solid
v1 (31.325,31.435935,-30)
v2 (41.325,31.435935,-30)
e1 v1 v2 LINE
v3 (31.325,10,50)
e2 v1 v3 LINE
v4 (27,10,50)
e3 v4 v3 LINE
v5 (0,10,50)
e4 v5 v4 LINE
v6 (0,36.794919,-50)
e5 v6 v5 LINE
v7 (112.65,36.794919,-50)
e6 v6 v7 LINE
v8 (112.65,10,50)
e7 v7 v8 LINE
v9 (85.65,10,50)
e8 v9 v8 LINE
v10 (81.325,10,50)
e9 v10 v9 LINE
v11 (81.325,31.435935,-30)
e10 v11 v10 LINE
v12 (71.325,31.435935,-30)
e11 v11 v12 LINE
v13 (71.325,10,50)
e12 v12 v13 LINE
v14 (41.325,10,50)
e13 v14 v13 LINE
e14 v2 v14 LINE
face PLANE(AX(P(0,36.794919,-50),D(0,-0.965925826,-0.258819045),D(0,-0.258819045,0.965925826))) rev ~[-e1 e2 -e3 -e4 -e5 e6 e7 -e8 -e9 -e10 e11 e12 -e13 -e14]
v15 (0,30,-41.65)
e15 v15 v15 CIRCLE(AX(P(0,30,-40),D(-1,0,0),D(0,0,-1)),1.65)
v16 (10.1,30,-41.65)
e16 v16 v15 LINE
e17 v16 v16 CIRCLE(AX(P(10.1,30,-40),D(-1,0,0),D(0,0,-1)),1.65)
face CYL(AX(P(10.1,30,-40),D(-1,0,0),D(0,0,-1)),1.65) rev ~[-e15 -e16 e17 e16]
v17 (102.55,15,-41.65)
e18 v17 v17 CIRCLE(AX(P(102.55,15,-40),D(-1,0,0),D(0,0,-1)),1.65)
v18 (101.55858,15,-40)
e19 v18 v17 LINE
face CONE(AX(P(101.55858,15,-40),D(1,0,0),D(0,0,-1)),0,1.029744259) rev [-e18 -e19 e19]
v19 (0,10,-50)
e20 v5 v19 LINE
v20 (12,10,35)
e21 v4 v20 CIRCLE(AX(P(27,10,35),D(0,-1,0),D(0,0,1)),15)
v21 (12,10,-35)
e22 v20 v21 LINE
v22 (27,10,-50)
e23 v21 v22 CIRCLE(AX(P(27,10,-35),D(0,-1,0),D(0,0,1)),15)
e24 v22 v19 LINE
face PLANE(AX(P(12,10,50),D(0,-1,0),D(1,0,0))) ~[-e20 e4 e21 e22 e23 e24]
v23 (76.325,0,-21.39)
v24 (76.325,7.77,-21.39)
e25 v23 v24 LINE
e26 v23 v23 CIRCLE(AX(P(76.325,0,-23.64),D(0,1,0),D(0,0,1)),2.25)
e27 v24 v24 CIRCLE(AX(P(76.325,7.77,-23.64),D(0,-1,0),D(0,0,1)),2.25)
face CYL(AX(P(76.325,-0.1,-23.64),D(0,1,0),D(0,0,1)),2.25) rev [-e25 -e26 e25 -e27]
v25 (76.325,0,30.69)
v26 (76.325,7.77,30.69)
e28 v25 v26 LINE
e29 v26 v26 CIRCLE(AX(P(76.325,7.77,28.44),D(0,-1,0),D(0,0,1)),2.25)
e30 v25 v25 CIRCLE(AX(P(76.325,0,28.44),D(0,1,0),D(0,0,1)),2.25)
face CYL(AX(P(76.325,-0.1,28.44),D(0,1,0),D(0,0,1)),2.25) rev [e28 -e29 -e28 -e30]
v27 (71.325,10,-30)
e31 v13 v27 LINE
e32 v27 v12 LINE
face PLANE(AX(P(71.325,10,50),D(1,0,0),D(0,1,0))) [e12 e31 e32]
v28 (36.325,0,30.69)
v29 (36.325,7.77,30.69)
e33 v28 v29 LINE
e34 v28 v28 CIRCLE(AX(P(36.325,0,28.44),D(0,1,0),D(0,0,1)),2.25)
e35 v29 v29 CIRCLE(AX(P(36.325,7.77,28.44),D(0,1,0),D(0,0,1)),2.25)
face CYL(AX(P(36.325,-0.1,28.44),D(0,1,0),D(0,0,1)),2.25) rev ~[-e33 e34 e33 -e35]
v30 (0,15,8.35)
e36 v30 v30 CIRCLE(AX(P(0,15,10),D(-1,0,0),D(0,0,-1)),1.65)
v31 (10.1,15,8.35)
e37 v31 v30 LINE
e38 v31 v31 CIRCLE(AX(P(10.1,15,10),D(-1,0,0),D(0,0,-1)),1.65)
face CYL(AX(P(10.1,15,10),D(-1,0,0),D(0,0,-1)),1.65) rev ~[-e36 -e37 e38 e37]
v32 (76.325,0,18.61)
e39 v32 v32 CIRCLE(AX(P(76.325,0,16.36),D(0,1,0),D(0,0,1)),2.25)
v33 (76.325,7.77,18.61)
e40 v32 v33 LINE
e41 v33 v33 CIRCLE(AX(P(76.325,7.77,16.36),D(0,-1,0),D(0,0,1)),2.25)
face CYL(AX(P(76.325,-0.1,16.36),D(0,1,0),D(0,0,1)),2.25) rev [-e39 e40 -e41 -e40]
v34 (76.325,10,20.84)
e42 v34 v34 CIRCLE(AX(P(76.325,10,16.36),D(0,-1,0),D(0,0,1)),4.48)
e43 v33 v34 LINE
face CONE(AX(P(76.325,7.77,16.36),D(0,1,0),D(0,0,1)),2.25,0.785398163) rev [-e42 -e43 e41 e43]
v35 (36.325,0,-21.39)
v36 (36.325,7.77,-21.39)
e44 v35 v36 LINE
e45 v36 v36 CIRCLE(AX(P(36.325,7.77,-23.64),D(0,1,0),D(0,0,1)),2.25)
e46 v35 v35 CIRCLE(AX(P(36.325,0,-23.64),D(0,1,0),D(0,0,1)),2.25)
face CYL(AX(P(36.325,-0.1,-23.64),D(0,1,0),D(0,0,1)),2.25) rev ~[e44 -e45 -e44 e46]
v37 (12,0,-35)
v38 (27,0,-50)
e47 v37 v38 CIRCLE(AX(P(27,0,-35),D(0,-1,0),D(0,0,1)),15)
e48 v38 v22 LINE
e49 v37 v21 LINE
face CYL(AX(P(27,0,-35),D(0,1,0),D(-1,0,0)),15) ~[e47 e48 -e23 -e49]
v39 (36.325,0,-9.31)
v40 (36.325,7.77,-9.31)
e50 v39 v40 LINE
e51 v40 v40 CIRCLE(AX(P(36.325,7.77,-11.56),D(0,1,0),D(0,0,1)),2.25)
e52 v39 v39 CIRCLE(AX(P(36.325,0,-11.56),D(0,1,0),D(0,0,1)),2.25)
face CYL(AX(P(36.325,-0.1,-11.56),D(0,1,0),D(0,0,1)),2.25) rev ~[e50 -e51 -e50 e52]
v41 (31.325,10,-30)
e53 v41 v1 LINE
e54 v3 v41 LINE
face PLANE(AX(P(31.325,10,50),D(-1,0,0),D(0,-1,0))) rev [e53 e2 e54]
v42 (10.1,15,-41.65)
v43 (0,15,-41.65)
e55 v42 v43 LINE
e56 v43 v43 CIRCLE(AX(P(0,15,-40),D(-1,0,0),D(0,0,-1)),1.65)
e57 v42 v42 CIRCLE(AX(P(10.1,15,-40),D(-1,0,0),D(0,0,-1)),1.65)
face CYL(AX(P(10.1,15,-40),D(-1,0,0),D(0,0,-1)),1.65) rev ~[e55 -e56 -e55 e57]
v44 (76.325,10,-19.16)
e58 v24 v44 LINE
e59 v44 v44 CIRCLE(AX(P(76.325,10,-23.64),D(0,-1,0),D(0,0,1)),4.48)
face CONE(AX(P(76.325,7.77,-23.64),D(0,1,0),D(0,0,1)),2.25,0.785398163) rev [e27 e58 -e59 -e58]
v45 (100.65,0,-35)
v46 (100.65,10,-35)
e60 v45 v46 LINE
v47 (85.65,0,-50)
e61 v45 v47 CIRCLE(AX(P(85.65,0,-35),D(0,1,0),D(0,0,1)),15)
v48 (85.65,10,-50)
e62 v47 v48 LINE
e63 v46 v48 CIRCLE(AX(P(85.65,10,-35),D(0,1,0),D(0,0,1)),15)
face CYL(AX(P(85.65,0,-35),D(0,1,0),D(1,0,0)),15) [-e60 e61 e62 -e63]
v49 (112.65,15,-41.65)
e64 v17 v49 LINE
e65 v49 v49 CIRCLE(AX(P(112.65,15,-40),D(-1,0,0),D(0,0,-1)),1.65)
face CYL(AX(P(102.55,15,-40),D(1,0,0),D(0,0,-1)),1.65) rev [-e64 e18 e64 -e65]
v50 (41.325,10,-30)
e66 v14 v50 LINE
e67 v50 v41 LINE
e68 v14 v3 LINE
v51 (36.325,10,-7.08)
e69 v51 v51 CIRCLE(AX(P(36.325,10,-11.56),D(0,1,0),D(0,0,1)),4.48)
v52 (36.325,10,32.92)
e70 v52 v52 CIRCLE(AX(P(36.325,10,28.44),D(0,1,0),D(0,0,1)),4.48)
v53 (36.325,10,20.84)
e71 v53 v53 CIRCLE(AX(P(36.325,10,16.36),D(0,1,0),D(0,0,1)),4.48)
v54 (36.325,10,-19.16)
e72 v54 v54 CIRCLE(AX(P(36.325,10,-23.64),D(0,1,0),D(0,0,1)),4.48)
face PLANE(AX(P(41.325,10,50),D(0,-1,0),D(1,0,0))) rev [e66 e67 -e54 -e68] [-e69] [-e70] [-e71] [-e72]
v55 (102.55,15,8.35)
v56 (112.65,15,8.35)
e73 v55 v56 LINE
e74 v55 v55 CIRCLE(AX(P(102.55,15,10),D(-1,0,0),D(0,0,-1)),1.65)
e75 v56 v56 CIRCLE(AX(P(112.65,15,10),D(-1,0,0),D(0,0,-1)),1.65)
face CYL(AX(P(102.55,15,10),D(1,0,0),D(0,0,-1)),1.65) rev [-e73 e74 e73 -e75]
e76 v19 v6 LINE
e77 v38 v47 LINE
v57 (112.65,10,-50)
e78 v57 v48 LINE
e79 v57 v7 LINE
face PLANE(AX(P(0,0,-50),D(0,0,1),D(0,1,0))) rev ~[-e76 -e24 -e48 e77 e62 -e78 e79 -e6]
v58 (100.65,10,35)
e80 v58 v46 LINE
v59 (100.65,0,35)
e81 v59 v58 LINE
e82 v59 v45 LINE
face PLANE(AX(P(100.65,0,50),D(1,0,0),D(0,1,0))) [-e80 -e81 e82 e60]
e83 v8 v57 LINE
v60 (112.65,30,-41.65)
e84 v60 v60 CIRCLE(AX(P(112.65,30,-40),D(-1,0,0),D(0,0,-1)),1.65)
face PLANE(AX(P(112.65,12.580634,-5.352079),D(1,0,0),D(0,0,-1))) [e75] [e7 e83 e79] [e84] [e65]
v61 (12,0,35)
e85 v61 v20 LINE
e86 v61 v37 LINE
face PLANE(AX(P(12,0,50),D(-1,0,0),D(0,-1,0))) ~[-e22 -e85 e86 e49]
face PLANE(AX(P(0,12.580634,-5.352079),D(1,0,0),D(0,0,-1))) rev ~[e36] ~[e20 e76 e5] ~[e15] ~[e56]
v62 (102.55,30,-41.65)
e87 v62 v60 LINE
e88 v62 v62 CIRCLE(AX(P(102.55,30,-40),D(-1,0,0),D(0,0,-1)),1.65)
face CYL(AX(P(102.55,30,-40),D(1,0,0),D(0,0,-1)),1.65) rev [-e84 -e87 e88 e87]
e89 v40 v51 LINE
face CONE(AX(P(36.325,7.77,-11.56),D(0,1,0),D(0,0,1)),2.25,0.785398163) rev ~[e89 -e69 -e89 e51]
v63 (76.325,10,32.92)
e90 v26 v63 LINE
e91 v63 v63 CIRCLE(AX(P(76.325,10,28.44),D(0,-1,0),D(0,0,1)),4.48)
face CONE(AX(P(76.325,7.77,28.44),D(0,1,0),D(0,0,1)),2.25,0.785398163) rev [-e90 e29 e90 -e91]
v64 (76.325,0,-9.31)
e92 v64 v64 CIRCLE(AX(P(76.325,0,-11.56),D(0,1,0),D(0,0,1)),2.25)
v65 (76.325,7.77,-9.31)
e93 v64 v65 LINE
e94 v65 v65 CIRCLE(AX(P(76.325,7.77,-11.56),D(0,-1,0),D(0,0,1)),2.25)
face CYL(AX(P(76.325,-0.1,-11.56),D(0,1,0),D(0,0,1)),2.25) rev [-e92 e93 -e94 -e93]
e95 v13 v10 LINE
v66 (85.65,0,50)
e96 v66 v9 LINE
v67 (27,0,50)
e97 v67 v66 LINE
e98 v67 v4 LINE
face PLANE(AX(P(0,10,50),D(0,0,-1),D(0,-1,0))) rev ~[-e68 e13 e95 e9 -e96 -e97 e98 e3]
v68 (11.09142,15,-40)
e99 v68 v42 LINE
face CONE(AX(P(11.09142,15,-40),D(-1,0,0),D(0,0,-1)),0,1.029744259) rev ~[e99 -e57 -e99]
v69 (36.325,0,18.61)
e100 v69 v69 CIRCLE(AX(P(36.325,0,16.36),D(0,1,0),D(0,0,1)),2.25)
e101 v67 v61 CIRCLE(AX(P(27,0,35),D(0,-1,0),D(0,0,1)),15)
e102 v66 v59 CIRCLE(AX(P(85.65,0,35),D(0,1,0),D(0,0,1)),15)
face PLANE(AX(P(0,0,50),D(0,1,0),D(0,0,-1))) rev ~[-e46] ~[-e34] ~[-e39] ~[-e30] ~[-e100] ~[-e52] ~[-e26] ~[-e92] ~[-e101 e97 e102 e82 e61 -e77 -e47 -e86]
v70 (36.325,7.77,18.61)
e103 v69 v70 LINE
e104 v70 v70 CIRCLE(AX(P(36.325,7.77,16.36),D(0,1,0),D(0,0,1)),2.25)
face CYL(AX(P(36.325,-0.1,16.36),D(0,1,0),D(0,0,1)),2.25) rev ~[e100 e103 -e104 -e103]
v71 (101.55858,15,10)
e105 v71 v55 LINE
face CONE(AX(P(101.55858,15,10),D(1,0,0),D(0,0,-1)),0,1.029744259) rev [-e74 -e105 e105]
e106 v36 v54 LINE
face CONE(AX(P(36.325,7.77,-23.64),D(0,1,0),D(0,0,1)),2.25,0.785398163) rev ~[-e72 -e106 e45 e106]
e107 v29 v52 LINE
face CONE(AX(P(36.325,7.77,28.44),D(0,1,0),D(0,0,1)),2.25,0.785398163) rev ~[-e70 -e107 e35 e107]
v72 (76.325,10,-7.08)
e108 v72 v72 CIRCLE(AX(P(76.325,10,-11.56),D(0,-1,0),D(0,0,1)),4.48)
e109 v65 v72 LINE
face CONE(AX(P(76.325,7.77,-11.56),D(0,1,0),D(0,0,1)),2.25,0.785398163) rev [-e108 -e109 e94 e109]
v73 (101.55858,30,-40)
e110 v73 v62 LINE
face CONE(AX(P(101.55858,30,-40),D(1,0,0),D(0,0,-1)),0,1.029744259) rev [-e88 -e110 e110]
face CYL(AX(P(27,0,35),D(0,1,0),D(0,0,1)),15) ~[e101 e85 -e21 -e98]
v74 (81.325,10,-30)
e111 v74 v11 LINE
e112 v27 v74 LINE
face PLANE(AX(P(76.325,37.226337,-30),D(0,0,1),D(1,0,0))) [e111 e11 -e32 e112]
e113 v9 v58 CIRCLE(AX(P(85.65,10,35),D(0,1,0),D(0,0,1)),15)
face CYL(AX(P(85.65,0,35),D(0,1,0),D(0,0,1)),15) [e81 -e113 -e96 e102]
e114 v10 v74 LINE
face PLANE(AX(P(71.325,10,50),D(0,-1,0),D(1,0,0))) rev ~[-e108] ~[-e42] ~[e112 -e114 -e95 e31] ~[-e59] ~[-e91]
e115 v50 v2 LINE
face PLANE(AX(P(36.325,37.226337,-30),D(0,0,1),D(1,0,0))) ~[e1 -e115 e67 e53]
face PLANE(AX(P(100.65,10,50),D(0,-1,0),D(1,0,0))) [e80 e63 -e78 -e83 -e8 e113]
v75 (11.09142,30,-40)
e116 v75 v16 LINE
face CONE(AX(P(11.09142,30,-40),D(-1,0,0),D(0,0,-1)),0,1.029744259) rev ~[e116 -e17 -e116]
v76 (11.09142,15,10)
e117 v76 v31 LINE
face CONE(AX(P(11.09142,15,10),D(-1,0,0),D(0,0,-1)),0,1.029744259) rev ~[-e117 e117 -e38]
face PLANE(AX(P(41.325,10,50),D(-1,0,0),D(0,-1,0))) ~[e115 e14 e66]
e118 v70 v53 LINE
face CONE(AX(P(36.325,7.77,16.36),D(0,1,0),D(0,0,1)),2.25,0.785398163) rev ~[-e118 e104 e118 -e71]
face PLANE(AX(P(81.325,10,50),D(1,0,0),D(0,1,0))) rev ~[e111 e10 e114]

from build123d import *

# Parameters (mm, degrees)
BOSS_EXTRUDE1_DEPTH            = 112.65
M4X0_7_TAPPED_HOLE1_AT_2_COUNT = 2
M4X0_7_TAPPED_HOLE1_AT_2_PITCH = 50
M4X0_7_TAPPED_HOLE1_AT_3_COUNT = 2
M4X0_7_TAPPED_HOLE1_AT_3_PITCH = 52.201532545
SKETCH7_W                      = 10
SKETCH7_H                      = 54.452673799
CUT_EXTRUDE2_DEPTH             = 80
CSK_FOR_M4_SFHCS1_AT_2_COUNT   = 2
CSK_FOR_M4_SFHCS1_AT_2_PITCH   = 40
CSK_FOR_M4_SFHCS1_AT_3_COUNT   = 2
CSK_FOR_M4_SFHCS1_AT_3_PITCH   = 27.92
CSK_FOR_M4_SFHCS1_AT_4_COUNT   = 2
CSK_FOR_M4_SFHCS1_AT_4_PITCH   = 12.08
SKETCH11_W                     = 12
SKETCH11_H                     = 10
CUT_EXTRUDE3_DEPTH             = 156.060918939
FILLET1_R                      = 15


with BuildPart() as part:
    # Sketch1 → Boss-Extrude1 (new body)
    with BuildSketch(Plane(origin=(0, 0, 0), x_dir=(0, 0, -1), z_dir=(1, 0, 0))):
        Polygon((-50, 10), (-50, 0), (50, 0), (50, 36.794919243), align=None)
    extrude(amount=BOSS_EXTRUDE1_DEPTH)

    # Sketch5 → M4x0.7 Tapped Hole1 (revolve, cut)
    with BuildSketch(Plane(origin=(112.65, 15, 10), x_dir=(0, 0, -1), z_dir=(0, 1, 0))):
        Polygon((0, 0), (0, 11.091420021), (1.65, 10.1), (1.65, 0), align=None)
    m4x0_7_tapped_hole1 = revolve(axis=Axis((119, 15, 10), (-1, 0, 0)), mode=Mode.SUBTRACT)

    # M4x0.7 Tapped Hole1 at 2: M4x0.7 Tapped Hole1 ×2
    with Locations(*[(0, 0, -i * M4X0_7_TAPPED_HOLE1_AT_2_PITCH) for i in range(1, M4X0_7_TAPPED_HOLE1_AT_2_COUNT)]):
        add(m4x0_7_tapped_hole1, mode=Mode.SUBTRACT)

    # M4x0.7 Tapped Hole1 at 3: M4x0.7 Tapped Hole1 ×2
    with Locations(*[Vector(0, 0.28734788556634544, -0.9578262852211514) * (i * M4X0_7_TAPPED_HOLE1_AT_3_PITCH) for i in range(1, M4X0_7_TAPPED_HOLE1_AT_3_COUNT)]):
        add(m4x0_7_tapped_hole1, mode=Mode.SUBTRACT)

    # Sketch7 → Cut-Extrude2 (cut)
    with BuildSketch(Plane.XY.offset(50)):
        with Locations((76.325, 37.2263369)):
            Rectangle(SKETCH7_W, SKETCH7_H)
    cut_extrude2 = extrude(amount=-CUT_EXTRUDE2_DEPTH, mode=Mode.SUBTRACT)

    # Sketch10 → CSK for M4 SFHCS1 (revolve, cut)
    with BuildSketch(Plane(origin=(76.325, 10, -11.56), x_dir=(0, 0, 1), z_dir=(1, 0, 0))):
        Polygon((0, 0), (0, 11.451936393), (2.25, 10.1), (2.25, 2.23), (4.48, 0), align=None)
    csk_for_m4_sfhcs1 = revolve(axis=Axis((76.325, 16.35, -11.56), (0, -1, 0)), mode=Mode.SUBTRACT)

    # CSK for M4 SFHCS1 at 2: CSK for M4 SFHCS1 ×2
    with Locations(*[(0, 0, i * CSK_FOR_M4_SFHCS1_AT_2_PITCH) for i in range(1, CSK_FOR_M4_SFHCS1_AT_2_COUNT)]):
        add(csk_for_m4_sfhcs1, mode=Mode.SUBTRACT)

    # CSK for M4 SFHCS1 at 3: CSK for M4 SFHCS1 ×2
    with Locations(*[(0, 0, i * CSK_FOR_M4_SFHCS1_AT_3_PITCH) for i in range(1, CSK_FOR_M4_SFHCS1_AT_3_COUNT)]):
        add(csk_for_m4_sfhcs1, mode=Mode.SUBTRACT)

    # CSK for M4 SFHCS1 at 4: CSK for M4 SFHCS1 ×2
    with Locations(*[(0, 0, -i * CSK_FOR_M4_SFHCS1_AT_4_PITCH) for i in range(1, CSK_FOR_M4_SFHCS1_AT_4_COUNT)]):
        add(csk_for_m4_sfhcs1, mode=Mode.SUBTRACT)

    # Sketch11 → Cut-Extrude3 (cut, through all)
    with BuildSketch(Plane.XY.offset(50)):
        with Locations((106.65, 5)):
            Rectangle(SKETCH11_W, SKETCH11_H)
    cut_extrude3 = extrude(amount=-CUT_EXTRUDE3_DEPTH, mode=Mode.SUBTRACT)

    # Mirror1: M4x0.7 Tapped Hole1, Cut-Extrude2, CSK for M4 SFHCS1, Cut-Extrude3 across plane
    add(m4x0_7_tapped_hole1.mirror(Plane.ZY.offset(-56.325)), mode=Mode.SUBTRACT)
    add(cut_extrude2.mirror(Plane.ZY.offset(-56.325)), mode=Mode.SUBTRACT)
    add(csk_for_m4_sfhcs1.mirror(Plane.ZY.offset(-56.325)), mode=Mode.SUBTRACT)
    add(cut_extrude3.mirror(Plane.ZY.offset(-56.325)), mode=Mode.SUBTRACT)

    # Mirror1 copy 1 sketch → Mirror1 copy 1 (revolve, cut)
    with BuildSketch(Plane(origin=(0, 15, -40), x_dir=(0, 0, -1), z_dir=(0, 1, 0))):
        Polygon((0, 0), (0, -11.091420021), (1.65, -10.1), (1.65, 0), align=None)
    revolve(axis=Axis((-6.35, 15, -40), (-1, 0, 0)), mode=Mode.SUBTRACT)

    # Mirror1 copy 2 sketch → Mirror1 copy 2 (revolve, cut)
    with BuildSketch(Plane(origin=(0, 30, -40), x_dir=(0, 0, -1), z_dir=(0, 1, 0))):
        Polygon((0, 0), (0, -11.091420021), (1.65, -10.1), (1.65, 0), align=None)
    revolve(axis=Axis((-6.35, 30, -40), (-1, 0, 0)), mode=Mode.SUBTRACT)

    # Mirror1 copy 3 sketch → Mirror1 copy 3 (revolve, cut)
    with BuildSketch(Plane(origin=(36.325, 10, 28.44), x_dir=(0, 0, 1), z_dir=(-1, 0, 0))):
        Polygon((0, 0), (0, -11.451936393), (2.25, -10.1), (2.25, -2.23), (4.48, 0), align=None)
    revolve(axis=Axis((36.325, 16.35, 28.44), (0, 1, 0)), mode=Mode.SUBTRACT)

    # Mirror1 copy 4 sketch → Mirror1 copy 4 (revolve, cut)
    with BuildSketch(Plane(origin=(36.325, 10, 16.36), x_dir=(0, 0, 1), z_dir=(-1, 0, 0))):
        Polygon((0, 0), (0, -11.451936393), (2.25, -10.1), (2.25, -2.23), (4.48, 0), align=None)
    revolve(axis=Axis((36.325, 16.35, 16.36), (0, 1, 0)), mode=Mode.SUBTRACT)

    # Mirror1 copy 5 sketch → Mirror1 copy 5 (revolve, cut)
    with BuildSketch(Plane(origin=(36.325, 10, -23.64), x_dir=(0, 0, 1), z_dir=(-1, 0, 0))):
        Polygon((0, 0), (0, -11.451936393), (2.25, -10.1), (2.25, -2.23), (4.48, 0), align=None)
    revolve(axis=Axis((36.325, 16.35, -23.64), (0, 1, 0)), mode=Mode.SUBTRACT)

    # Fillet1
    fillet1_edges = [part.edges().sort_by_distance(p)[0] for p in [
        (12, 5, 50),
        (12, 5, -50),
        (100.65, 5, -50),
        (100.65, 5, 50),
    ]]
    fillet(fillet1_edges, radius=FILLET1_R)


solid = part.part
